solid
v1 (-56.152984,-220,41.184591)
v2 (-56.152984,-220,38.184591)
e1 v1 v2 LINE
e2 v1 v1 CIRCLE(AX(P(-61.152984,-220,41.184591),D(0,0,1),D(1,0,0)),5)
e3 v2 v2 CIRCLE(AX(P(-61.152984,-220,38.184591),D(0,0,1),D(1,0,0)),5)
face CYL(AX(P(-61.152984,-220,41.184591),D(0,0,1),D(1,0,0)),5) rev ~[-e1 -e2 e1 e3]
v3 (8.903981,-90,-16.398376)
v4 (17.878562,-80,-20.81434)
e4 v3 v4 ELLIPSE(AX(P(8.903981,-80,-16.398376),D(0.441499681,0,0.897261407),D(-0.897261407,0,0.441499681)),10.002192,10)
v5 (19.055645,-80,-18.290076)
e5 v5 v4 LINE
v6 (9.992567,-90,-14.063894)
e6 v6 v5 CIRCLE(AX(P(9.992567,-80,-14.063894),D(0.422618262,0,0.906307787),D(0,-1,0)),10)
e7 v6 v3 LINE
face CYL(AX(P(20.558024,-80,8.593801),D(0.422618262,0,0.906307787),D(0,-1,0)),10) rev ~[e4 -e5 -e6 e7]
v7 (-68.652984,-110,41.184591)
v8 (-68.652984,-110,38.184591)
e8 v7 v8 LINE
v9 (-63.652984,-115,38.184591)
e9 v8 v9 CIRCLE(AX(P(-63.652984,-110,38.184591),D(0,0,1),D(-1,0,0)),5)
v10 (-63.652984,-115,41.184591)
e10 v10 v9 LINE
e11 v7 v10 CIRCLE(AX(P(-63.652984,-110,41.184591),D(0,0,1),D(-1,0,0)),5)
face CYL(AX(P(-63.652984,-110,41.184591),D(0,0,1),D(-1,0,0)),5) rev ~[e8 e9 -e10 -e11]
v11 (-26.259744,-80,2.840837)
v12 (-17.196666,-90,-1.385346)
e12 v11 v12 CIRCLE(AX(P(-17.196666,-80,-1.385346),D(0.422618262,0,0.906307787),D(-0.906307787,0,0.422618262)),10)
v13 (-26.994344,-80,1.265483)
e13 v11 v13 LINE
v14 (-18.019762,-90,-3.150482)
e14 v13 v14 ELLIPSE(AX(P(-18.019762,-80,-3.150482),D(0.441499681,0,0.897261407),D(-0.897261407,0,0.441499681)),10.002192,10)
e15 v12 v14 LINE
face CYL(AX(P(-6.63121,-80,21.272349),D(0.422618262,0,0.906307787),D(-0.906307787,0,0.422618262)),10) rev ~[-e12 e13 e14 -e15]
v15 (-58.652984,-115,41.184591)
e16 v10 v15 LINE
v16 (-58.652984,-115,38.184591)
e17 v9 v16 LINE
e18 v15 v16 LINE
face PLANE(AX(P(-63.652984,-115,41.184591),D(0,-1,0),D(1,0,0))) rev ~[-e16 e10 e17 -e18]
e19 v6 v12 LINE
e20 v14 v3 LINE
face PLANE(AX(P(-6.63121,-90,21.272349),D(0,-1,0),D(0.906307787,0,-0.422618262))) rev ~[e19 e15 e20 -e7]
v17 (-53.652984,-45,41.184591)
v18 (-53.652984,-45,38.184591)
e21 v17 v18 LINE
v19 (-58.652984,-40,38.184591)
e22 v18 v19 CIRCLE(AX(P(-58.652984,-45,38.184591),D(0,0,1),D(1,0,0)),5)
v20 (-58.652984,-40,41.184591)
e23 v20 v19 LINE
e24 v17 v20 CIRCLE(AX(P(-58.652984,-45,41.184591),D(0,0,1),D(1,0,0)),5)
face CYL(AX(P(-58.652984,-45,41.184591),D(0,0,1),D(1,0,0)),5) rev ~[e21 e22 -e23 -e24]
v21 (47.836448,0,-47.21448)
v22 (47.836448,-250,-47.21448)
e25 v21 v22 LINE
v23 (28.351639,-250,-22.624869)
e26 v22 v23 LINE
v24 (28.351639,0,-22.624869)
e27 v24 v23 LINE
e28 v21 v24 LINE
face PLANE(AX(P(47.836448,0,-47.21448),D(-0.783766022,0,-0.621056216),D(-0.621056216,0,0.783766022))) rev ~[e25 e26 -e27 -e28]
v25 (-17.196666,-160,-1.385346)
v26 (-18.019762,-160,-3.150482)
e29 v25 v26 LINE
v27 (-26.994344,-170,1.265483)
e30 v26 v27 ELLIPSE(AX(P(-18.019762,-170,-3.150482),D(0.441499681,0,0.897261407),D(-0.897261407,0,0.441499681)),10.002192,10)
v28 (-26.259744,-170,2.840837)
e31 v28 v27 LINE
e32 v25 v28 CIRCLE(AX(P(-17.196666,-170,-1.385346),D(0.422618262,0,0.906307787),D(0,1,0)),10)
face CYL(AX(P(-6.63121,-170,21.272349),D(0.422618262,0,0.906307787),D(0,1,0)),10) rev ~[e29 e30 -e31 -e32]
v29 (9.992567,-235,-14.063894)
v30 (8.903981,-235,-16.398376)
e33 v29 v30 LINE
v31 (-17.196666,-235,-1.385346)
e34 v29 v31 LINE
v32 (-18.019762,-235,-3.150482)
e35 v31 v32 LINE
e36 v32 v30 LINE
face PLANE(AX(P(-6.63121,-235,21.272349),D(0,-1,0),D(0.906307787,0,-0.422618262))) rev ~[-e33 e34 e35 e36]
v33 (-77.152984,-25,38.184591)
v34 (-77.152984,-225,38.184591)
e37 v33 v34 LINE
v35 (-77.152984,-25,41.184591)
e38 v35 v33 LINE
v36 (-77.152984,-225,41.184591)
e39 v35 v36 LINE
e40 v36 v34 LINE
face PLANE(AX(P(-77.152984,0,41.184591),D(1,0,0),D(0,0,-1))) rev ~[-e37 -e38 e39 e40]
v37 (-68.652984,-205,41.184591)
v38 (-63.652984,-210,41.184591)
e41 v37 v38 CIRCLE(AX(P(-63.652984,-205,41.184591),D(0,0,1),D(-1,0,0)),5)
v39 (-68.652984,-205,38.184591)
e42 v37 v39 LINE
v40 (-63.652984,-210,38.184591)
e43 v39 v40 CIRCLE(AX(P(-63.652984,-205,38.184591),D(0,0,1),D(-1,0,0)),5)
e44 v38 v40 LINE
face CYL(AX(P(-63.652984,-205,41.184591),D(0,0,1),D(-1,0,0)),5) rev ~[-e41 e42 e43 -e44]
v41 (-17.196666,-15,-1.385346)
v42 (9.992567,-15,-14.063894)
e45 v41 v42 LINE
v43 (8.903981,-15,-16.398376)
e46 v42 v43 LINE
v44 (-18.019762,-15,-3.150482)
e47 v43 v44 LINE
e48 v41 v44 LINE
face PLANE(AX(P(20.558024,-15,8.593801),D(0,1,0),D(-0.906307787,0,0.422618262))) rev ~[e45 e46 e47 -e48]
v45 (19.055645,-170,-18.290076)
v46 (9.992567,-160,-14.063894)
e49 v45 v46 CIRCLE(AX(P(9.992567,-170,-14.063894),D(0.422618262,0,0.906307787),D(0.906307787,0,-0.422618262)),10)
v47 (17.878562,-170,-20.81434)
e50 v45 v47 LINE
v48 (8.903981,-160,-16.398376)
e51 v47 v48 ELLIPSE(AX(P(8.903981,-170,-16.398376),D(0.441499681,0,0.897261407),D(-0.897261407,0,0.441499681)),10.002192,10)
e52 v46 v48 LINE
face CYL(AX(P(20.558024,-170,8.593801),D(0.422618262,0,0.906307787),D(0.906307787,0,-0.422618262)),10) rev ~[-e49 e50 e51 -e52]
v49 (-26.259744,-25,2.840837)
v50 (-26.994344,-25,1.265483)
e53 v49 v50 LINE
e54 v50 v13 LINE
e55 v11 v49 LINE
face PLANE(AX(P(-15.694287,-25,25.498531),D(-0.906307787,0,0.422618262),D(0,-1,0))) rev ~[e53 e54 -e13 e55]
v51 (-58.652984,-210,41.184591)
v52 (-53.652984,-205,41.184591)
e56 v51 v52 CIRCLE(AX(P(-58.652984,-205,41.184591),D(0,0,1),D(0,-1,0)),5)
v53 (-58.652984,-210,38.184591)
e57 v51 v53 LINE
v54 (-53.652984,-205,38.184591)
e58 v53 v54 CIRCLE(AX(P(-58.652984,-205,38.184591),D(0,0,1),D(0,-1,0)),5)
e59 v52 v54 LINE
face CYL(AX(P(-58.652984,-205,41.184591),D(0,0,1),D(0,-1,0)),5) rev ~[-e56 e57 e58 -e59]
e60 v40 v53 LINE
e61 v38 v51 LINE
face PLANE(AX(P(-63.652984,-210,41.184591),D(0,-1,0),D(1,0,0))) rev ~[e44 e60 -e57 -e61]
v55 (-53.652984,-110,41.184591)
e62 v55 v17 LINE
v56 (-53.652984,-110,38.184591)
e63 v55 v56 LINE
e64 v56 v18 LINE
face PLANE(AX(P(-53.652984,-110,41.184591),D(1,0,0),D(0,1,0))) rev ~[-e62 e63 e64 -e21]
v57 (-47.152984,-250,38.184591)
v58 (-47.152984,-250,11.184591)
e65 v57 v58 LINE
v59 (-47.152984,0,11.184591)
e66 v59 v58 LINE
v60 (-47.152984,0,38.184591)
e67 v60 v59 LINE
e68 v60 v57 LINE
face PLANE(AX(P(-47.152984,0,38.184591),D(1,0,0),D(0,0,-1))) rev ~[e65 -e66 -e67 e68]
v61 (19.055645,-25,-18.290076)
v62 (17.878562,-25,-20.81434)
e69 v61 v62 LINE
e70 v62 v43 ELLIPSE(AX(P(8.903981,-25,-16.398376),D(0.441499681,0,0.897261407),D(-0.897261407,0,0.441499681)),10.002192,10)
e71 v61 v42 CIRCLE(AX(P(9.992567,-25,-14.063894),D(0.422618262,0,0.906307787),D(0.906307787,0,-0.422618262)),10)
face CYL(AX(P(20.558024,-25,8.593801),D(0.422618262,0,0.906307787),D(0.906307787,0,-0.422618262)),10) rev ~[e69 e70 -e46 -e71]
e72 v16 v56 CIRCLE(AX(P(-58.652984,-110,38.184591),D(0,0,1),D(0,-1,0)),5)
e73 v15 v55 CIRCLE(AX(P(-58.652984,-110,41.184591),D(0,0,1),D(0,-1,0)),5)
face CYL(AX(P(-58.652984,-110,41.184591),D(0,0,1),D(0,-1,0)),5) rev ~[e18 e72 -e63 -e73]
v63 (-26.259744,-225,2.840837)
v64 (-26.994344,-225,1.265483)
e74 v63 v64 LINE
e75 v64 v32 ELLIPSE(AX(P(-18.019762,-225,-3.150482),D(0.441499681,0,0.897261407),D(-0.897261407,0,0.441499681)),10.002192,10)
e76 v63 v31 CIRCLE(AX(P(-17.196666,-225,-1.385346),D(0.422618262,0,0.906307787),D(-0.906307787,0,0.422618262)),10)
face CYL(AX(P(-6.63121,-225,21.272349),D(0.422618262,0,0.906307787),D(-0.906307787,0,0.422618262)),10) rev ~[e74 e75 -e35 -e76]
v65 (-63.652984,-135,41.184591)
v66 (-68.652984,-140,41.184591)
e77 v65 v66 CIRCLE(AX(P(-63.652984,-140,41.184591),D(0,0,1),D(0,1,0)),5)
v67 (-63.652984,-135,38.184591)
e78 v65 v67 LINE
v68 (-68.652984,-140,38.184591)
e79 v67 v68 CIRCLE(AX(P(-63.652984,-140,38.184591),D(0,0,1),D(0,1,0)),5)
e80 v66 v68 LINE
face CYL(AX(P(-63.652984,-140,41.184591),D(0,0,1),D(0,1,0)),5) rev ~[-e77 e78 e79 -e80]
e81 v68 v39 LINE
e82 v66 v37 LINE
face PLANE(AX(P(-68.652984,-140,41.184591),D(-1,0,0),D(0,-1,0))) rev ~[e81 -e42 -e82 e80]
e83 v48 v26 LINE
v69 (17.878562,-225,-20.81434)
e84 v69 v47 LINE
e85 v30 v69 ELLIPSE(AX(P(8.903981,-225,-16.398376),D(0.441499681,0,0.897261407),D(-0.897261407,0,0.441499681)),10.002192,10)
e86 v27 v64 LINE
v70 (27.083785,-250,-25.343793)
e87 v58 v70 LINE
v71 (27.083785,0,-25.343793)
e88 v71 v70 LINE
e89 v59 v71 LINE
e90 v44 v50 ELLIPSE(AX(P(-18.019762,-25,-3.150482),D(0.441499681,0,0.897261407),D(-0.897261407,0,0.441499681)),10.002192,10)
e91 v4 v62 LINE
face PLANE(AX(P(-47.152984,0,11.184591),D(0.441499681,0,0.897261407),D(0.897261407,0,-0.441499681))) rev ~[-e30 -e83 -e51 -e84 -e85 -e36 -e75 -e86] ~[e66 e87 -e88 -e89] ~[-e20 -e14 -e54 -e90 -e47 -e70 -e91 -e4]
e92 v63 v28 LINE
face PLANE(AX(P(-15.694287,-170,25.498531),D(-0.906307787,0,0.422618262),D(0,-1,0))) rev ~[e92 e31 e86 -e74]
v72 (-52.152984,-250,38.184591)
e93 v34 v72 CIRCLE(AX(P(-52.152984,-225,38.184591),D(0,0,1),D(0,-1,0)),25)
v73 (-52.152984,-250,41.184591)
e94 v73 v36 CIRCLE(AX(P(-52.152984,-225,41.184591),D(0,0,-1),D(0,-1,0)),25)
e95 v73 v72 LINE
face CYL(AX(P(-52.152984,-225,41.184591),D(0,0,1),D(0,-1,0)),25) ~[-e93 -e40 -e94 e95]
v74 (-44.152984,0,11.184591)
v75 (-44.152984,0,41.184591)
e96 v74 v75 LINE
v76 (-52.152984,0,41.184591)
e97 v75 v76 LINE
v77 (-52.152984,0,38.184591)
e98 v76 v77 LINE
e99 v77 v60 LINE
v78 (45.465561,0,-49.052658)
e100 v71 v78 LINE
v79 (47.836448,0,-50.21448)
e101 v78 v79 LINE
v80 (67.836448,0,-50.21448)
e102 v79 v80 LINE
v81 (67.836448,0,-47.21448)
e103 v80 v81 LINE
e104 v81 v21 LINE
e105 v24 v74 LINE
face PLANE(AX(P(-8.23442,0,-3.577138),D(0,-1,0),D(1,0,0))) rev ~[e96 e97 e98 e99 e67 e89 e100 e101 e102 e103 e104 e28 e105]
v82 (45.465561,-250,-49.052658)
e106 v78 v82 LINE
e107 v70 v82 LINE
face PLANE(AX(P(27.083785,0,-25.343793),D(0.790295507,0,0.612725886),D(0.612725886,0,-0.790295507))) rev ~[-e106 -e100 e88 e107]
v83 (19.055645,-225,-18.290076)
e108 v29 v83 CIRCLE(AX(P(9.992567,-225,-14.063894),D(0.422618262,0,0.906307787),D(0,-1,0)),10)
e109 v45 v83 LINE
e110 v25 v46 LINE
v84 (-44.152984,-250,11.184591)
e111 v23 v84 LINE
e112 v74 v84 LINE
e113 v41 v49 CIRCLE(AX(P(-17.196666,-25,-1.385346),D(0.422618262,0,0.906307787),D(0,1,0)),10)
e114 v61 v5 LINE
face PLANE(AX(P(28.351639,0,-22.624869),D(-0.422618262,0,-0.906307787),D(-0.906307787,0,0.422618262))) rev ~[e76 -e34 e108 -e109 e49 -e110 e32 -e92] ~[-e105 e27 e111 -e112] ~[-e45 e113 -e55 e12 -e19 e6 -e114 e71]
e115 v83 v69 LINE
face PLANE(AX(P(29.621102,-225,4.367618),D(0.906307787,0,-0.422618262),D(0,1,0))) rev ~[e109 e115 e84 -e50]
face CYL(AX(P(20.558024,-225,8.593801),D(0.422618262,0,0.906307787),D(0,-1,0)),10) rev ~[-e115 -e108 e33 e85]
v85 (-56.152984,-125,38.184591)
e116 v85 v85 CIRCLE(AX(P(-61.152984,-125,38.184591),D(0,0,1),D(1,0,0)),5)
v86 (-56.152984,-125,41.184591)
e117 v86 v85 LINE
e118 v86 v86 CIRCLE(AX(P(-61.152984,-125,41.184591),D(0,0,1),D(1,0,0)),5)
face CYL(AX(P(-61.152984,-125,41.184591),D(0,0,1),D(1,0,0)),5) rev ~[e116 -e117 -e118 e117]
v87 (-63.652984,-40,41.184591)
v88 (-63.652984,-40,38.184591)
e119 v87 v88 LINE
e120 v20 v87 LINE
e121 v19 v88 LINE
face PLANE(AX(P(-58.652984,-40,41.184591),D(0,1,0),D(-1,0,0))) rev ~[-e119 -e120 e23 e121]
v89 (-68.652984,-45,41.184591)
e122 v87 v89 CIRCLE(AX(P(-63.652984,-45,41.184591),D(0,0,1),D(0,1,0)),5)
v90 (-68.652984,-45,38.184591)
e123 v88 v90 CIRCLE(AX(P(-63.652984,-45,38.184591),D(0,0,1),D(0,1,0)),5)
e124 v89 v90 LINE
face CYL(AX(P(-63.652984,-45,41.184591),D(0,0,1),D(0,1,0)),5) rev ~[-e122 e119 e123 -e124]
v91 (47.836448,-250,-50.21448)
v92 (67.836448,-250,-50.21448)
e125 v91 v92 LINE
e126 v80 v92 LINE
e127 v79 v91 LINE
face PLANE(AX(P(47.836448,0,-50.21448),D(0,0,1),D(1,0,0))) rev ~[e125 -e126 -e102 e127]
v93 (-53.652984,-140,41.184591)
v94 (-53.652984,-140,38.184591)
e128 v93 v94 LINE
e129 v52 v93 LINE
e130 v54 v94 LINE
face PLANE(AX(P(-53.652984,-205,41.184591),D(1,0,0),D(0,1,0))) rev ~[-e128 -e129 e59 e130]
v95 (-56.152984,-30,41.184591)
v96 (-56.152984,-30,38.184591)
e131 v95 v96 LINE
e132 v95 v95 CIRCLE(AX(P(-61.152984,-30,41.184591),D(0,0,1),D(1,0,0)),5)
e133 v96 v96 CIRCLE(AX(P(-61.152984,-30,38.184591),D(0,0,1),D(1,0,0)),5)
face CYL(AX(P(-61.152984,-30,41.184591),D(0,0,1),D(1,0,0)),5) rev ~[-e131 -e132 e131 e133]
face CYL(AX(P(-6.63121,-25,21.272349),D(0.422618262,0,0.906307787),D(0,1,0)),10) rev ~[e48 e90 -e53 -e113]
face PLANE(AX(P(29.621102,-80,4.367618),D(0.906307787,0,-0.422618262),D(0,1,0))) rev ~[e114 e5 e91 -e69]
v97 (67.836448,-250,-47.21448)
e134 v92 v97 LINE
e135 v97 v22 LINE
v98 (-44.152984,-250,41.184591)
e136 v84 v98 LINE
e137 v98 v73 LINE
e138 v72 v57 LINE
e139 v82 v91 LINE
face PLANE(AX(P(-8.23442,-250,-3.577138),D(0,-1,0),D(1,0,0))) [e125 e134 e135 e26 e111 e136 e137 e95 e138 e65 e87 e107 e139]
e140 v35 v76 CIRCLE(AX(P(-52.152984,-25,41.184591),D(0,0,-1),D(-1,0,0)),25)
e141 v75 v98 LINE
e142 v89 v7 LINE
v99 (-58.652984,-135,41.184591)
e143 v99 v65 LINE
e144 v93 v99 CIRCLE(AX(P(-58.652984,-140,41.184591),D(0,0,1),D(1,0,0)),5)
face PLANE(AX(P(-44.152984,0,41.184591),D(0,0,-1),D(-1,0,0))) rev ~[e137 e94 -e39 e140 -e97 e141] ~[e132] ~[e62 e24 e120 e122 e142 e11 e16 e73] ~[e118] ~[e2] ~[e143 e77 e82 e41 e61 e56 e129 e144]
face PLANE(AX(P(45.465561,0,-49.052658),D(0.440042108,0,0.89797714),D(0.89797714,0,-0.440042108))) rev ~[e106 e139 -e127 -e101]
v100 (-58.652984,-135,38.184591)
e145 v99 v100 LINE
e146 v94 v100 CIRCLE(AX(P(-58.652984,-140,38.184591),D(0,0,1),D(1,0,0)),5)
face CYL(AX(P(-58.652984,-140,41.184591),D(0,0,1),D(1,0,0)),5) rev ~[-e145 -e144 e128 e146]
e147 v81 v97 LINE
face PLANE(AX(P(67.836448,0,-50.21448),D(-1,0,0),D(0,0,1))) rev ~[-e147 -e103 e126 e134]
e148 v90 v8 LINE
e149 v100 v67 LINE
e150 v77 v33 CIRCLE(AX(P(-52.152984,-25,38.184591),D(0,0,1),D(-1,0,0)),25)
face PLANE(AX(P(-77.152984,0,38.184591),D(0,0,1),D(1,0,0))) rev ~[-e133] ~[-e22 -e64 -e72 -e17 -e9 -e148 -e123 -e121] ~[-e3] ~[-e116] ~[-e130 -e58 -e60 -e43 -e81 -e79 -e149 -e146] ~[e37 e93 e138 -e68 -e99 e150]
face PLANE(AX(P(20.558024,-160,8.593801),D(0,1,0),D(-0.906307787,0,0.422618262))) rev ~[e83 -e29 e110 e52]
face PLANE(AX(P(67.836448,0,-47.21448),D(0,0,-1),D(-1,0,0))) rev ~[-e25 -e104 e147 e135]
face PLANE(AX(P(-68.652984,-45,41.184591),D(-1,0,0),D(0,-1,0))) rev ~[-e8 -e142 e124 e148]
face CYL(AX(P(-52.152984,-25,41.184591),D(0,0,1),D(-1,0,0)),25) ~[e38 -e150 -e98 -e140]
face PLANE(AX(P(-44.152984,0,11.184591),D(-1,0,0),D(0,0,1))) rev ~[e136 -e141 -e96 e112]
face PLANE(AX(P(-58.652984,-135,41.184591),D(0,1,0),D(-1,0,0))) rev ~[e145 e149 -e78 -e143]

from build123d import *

# Parameters (mm, degrees)
F1_DEPTH  = 250
F2_R      = 5
F3_DEPTH  = 25
F5_DEPTH  = 25
F7_DEPTH  = 25
F10_DEPTH = 100


with BuildPart() as f1:
    # F0 (on Front) → F1 (new body)
    with BuildSketch(Plane.XZ):
        Polygon((-47.1529836208, 41.1845914816), (-77.1529836208, 41.1845914816), (-77.1529836208, 38.1845914816), (-47.1529836208, 38.1845914816), (-47.1529836208, 11.1845914816), (27.0837845569, -25.3437928188), (45.465561148, -49.0526580248), (47.8364476686, -50.2144803657), (67.8364476686, -50.2144803657), (67.8364476686, -47.2144803657), (47.8364476686, -47.2144803657), (28.3516393422, -22.6248694577), (-44.1529836208, 11.1845914816), (-44.1529836208, 41.1845914816), align=None)
    extrude(amount=F1_DEPTH)

    # F2 (on face) → F3 (cut)
    with BuildSketch(Plane.XY.offset(41.1845914816)):
        with Locations((-61.1529836208, -30)):
            Circle(F2_R)
        with Locations((-61.1529836208, -125)):
            Circle(F2_R)
        with Locations((-61.1529836208, -220)):
            Circle(F2_R)
    extrude(amount=-F3_DEPTH, mode=Mode.SUBTRACT)

    # F4 (on face) → F5 (cut)
    with BuildSketch(Plane.XY.offset(41.1845914816)):
        with BuildLine():
            ThreePointArc((-77.1529836208, -25), (-69.8306531504, -7.3223304703), (-52.1529836208, 0))
            Line((-52.1529836208, 0), (-77.1529836208, 0))
            Line((-77.1529836208, 0), (-77.1529836208, -25))
        make_face()
        with BuildLine():
            Line((-77.1529836208, -250), (-52.1529836208, -250))
            ThreePointArc((-52.1529836208, -250), (-69.8306531504, -242.6776695297), (-77.1529836208, -225))
            Line((-77.1529836208, -225), (-77.1529836208, -250))
        make_face()
    extrude(amount=-F5_DEPTH, mode=Mode.SUBTRACT)

    # F6 (on face) → F7 (cut)
    with BuildSketch(Plane.XY.offset(41.1845914816)):
        with BuildLine():
            Line((-58.6529836208, -40), (-63.6529836208, -40))
            ThreePointArc((-63.6529836208, -40), (-67.1885175267, -41.4644660941), (-68.6529836208, -45))
            Line((-68.6529836208, -45), (-68.6529836208, -110))
            ThreePointArc((-68.6529836208, -110), (-67.1885175267, -113.5355339059), (-63.6529836208, -115))
            Line((-63.6529836208, -115), (-58.6529836208, -115))
            ThreePointArc((-58.6529836208, -115), (-55.1174497148, -113.5355339059), (-53.6529836208, -110))
            Line((-53.6529836208, -110), (-53.6529836208, -45))
            ThreePointArc((-53.6529836208, -45), (-55.1174497148, -41.4644660941), (-58.6529836208, -40))
        make_face()
        with BuildLine():
            Line((-58.6529836208, -135), (-63.6529836208, -135))
            ThreePointArc((-63.6529836208, -135), (-67.1885175267, -136.4644660941), (-68.6529836208, -140))
            Line((-68.6529836208, -140), (-68.6529836208, -205))
            ThreePointArc((-68.6529836208, -205), (-67.1885175267, -208.5355339059), (-63.6529836208, -210))
            Line((-63.6529836208, -210), (-58.6529836208, -210))
            ThreePointArc((-58.6529836208, -210), (-55.1174497148, -208.5355339059), (-53.6529836208, -205))
            Line((-53.6529836208, -205), (-53.6529836208, -140))
            ThreePointArc((-53.6529836208, -140), (-55.1174497148, -136.4644660941), (-58.6529836208, -135))
        make_face()
    extrude(amount=-F7_DEPTH, mode=Mode.SUBTRACT)

    # F9 (on offset) → F10 (cut)
    with BuildSketch(Plane(origin=(6.9634072107, 0, 14.9330749537), x_dir=(0.906307787, 0, -0.4226182617), z_dir=(0.4226182617, 0, 0.906307787))):
        with BuildLine():
            Line((15, -15), (-15, -15))
            ThreePointArc((-15, -15), (-22.0710678119, -17.9289321881), (-25, -25))
            Line((-25, -25), (-25, -80))
            ThreePointArc((-25, -80), (-22.0710678119, -87.0710678119), (-15, -90))
            Line((-15, -90), (15, -90))
            ThreePointArc((15, -90), (22.0710678119, -87.0710678119), (25, -80))
            Line((25, -80), (25, -25))
            ThreePointArc((25, -25), (22.0710678119, -17.9289321881), (15, -15))
        make_face()
        with BuildLine():
            Line((15, -160), (-15, -160))
            ThreePointArc((-15, -160), (-22.0710678119, -162.9289321881), (-25, -170))
            Line((-25, -170), (-25, -225))
            ThreePointArc((-25, -225), (-22.0710678119, -232.0710678119), (-15, -235))
            Line((-15, -235), (15, -235))
            ThreePointArc((15, -235), (22.0710678119, -232.0710678119), (25, -225))
            Line((25, -225), (25, -170))
            ThreePointArc((25, -170), (22.0710678119, -162.9289321881), (15, -160))
        make_face()
    extrude(amount=-F10_DEPTH, mode=Mode.SUBTRACT)


solid = f1.part
